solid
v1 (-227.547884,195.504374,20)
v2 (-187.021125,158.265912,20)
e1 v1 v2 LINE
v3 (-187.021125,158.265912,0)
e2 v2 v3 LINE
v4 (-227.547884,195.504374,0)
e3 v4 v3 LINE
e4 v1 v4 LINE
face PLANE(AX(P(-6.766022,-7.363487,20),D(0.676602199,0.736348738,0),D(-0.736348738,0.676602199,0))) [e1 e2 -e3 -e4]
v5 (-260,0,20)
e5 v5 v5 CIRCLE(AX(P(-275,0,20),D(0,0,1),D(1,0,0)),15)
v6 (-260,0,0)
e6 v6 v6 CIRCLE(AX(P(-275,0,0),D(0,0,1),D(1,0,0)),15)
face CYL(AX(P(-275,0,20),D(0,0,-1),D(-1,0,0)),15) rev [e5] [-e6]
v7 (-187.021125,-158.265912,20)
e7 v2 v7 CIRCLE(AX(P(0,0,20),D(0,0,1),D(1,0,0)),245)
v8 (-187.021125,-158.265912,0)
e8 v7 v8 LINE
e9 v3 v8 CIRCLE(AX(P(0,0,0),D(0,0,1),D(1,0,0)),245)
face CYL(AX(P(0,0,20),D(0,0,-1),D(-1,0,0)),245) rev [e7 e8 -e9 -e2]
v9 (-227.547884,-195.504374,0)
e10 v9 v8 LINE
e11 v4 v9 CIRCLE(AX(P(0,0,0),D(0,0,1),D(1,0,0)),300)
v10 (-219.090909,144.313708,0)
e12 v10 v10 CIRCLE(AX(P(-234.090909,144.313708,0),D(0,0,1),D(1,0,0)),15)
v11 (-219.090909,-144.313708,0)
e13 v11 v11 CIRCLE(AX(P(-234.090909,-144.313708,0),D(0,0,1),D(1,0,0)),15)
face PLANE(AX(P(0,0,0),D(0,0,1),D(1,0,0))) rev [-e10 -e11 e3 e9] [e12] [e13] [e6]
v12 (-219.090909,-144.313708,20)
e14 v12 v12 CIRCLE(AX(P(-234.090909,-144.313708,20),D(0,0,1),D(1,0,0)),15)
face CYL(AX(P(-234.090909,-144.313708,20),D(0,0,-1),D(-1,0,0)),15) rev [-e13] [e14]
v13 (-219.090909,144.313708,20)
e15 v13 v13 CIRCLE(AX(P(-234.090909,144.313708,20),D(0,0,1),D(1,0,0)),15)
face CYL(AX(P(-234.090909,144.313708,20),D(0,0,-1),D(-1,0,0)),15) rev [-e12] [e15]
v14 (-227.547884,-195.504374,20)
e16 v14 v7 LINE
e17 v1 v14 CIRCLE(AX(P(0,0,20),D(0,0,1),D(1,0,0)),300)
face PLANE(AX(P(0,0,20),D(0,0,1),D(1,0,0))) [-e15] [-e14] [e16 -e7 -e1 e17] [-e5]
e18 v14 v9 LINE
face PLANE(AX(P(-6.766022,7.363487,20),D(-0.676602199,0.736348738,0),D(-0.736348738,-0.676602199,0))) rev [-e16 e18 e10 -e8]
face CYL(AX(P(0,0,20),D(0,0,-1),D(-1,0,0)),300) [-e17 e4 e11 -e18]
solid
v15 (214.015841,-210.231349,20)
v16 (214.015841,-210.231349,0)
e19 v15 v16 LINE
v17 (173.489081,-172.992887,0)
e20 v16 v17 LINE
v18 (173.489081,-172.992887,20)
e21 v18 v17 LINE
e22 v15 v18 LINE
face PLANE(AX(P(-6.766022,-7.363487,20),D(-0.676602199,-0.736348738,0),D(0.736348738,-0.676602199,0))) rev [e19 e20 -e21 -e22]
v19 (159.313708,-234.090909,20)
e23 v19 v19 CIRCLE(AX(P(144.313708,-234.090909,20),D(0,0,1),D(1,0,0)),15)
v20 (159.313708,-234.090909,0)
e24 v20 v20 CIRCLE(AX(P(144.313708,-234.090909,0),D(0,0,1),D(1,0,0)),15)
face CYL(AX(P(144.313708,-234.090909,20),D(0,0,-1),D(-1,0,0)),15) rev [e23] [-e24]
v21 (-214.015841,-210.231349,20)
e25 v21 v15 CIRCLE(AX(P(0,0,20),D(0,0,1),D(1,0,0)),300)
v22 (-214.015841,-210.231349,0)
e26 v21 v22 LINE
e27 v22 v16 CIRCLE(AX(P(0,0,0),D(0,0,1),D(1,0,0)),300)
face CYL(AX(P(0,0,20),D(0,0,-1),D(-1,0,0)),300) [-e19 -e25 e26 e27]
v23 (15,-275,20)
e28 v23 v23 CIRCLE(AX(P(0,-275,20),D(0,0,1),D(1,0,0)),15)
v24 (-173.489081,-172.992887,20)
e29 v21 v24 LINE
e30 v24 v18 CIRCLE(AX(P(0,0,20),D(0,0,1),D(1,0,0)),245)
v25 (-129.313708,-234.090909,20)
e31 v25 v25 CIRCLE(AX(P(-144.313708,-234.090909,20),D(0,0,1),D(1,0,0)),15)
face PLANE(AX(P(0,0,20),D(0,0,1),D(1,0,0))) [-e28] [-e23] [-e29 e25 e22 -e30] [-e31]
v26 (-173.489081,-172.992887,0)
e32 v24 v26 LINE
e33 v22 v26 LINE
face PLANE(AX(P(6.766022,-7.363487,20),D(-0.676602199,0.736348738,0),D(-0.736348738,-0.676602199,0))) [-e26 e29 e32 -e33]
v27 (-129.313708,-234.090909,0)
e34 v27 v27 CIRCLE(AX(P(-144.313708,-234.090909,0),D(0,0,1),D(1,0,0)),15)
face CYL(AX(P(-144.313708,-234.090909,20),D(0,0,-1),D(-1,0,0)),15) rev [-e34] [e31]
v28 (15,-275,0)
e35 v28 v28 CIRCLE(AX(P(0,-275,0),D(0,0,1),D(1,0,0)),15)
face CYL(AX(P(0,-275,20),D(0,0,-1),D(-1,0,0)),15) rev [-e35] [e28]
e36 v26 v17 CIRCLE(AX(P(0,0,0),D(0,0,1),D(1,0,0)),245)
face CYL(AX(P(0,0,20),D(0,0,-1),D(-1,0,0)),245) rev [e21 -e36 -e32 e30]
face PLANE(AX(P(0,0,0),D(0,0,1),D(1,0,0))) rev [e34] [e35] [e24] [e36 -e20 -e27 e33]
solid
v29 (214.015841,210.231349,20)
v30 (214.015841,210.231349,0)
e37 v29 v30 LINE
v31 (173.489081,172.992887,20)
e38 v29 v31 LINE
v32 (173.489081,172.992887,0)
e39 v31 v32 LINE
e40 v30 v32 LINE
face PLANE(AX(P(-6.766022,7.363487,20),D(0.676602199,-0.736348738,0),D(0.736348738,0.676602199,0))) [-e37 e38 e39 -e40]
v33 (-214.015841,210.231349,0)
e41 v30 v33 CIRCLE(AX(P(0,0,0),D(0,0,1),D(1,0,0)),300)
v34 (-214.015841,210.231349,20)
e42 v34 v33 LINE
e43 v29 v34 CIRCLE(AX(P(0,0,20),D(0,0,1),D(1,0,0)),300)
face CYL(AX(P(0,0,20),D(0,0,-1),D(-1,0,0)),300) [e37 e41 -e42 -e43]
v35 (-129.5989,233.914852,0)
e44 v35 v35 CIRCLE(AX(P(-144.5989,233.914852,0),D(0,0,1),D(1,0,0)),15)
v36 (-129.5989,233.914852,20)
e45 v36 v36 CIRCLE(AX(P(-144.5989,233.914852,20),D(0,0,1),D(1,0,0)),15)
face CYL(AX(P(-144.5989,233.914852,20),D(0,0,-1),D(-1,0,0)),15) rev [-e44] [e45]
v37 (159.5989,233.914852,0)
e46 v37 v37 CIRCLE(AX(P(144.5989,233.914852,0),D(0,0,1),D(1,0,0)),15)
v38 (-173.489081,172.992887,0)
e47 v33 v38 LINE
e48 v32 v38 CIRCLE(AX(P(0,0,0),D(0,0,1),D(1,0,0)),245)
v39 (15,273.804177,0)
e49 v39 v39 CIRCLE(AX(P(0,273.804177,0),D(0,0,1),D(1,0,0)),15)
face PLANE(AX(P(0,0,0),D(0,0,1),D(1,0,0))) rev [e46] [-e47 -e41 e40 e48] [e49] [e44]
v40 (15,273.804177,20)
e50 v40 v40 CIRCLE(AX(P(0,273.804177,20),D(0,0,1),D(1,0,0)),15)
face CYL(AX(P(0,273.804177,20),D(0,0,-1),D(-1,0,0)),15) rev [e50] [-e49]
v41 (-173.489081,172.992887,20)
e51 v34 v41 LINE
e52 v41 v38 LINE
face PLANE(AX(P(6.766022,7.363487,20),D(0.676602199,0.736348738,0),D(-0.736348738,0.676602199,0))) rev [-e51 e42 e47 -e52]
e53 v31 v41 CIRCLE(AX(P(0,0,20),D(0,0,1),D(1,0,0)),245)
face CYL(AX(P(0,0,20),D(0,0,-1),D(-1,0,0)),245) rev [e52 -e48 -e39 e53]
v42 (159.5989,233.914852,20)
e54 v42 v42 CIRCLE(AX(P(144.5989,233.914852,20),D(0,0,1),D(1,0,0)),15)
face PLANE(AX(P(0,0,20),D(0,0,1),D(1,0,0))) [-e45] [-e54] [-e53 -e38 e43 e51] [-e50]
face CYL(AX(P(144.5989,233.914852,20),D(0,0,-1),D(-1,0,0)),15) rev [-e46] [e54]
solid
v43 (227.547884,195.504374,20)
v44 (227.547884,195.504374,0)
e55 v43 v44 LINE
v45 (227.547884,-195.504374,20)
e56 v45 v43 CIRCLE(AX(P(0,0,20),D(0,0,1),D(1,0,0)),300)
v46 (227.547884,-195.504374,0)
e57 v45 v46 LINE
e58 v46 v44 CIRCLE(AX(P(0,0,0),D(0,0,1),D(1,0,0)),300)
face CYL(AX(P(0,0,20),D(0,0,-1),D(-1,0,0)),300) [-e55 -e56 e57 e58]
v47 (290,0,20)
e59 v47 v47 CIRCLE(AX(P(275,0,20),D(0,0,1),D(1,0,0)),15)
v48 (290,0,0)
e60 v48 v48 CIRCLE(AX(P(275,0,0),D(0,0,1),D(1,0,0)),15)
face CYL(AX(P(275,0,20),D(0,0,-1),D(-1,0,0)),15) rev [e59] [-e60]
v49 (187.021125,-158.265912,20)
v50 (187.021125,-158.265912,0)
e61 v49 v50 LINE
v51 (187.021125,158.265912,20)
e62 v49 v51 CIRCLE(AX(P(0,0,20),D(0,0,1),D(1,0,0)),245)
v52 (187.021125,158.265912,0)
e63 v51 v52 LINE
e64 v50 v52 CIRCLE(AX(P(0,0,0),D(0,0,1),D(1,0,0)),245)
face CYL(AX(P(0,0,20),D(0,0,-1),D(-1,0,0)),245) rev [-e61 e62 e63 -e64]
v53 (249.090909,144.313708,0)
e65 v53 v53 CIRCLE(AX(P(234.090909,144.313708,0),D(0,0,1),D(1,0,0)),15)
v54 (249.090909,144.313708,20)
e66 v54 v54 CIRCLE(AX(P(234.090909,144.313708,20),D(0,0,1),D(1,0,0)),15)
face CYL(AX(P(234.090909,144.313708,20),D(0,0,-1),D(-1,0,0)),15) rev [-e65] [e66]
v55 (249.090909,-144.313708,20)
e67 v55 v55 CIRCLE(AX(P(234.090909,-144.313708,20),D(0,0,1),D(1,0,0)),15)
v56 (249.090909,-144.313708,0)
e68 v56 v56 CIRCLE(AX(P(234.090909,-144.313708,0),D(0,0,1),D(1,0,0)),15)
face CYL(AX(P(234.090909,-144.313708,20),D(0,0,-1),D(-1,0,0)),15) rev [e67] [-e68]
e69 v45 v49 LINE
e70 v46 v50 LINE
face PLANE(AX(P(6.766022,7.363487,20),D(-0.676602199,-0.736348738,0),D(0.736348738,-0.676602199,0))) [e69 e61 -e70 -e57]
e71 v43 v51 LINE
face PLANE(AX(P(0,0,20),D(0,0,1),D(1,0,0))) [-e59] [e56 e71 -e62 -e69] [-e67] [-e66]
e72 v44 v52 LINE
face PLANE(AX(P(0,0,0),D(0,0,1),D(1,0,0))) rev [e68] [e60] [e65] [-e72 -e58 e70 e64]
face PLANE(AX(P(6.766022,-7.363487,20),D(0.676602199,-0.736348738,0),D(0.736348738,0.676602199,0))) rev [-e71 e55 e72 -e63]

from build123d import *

# Parameters (mm, degrees)
IZIM1_R                       = 15
Y_KSEKLIK_EKSTR_ZYON1_DEPTH   = 20
Y_KSEKLIK_EKSTR_ZYON1_2_DEPTH = 20
Y_KSEKLIK_EKSTR_ZYON1_3_DEPTH = 20
Y_KSEKLIK_EKSTR_ZYON1_4_DEPTH = 20


with BuildPart() as part:
    # Çizim1 → Yükseklik-Ekstrüzyon1 (new body)
    with BuildSketch(Plane.XY):
        with BuildLine():
            Line((-187.021124904, 158.265911805), (-227.547884488, 195.504374031))
            ThreePointArc((-227.547884488, 195.504374031), (-300, 0), (-227.547884488, -195.504374031))
            Line((-227.547884488, -195.504374031), (-187.021124904, -158.265911805))
            ThreePointArc((-187.021124904, -158.265911805), (-245, 0), (-187.021124904, 158.265911805))
        make_face()
        with Locations((-234.090909091, -144.313707876)):
            Circle(IZIM1_R, mode=Mode.SUBTRACT)
        with Locations((-275, 0)):
            Circle(IZIM1_R, mode=Mode.SUBTRACT)
        with Locations((-234.090909091, 144.313707876)):
            Circle(IZIM1_R, mode=Mode.SUBTRACT)
    extrude(amount=Y_KSEKLIK_EKSTR_ZYON1_DEPTH)


with BuildPart() as body_2:
    # Çizim1 → Y_kseklik-Ekstr_zyon1 2 (new body)
    with BuildSketch(Plane.XY):
        with BuildLine():
            ThreePointArc((214.015840502, 210.23134879), (0, 300), (-214.015840502, 210.23134879))
            Line((-214.015840502, 210.23134879), (-173.489080919, 172.992886565))
            ThreePointArc((-173.489080919, 172.992886565), (0, 245), (173.489080919, 172.992886565))
            Line((173.489080919, 172.992886565), (214.015840502, 210.23134879))
        make_face()
        with Locations((-144.598899786, 233.914852416)):
            Circle(IZIM1_R, mode=Mode.SUBTRACT)
        with Locations((0, 273.804176558)):
            Circle(IZIM1_R, mode=Mode.SUBTRACT)
        with Locations((144.598899786, 233.914852416)):
            Circle(IZIM1_R, mode=Mode.SUBTRACT)
    extrude(amount=Y_KSEKLIK_EKSTR_ZYON1_2_DEPTH)


with BuildPart() as body_3:
    # Çizim1 → Y_kseklik-Ekstr_zyon1 3 (new body)
    with BuildSketch(Plane.XY):
        with BuildLine():
            ThreePointArc((227.547884488, -195.504374031), (300, 0), (227.547884488, 195.504374031))
            Line((227.547884488, 195.504374031), (187.021124904, 158.265911805))
            ThreePointArc((187.021124904, 158.265911805), (245, 0), (187.021124904, -158.265911805))
            Line((187.021124904, -158.265911805), (227.547884488, -195.504374031))
        make_face()
        with Locations((234.090909091, -144.313707876)):
            Circle(IZIM1_R, mode=Mode.SUBTRACT)
        with Locations((275, 0)):
            Circle(IZIM1_R, mode=Mode.SUBTRACT)
        with Locations((234.090909091, 144.313707876)):
            Circle(IZIM1_R, mode=Mode.SUBTRACT)
    extrude(amount=Y_KSEKLIK_EKSTR_ZYON1_3_DEPTH)


with BuildPart() as body_4:
    # Çizim1 → Y_kseklik-Ekstr_zyon1 4 (new body)
    with BuildSketch(Plane.XY):
        with BuildLine():
            ThreePointArc((-214.015840502, -210.23134879), (0, -300), (214.015840502, -210.23134879))
            Line((214.015840502, -210.23134879), (173.489080919, -172.992886565))
            ThreePointArc((173.489080919, -172.992886565), (0, -245), (-173.489080919, -172.992886565))
            Line((-173.489080919, -172.992886565), (-214.015840502, -210.23134879))
        make_face()
        with Locations((-144.313707876, -234.090909091)):
            Circle(IZIM1_R, mode=Mode.SUBTRACT)
        with Locations((0, -275)):
            Circle(IZIM1_R, mode=Mode.SUBTRACT)
        with Locations((144.313707876, -234.090909091)):
            Circle(IZIM1_R, mode=Mode.SUBTRACT)
    extrude(amount=Y_KSEKLIK_EKSTR_ZYON1_4_DEPTH)


solid = Compound([part.part, body_2.part, body_3.part, body_4.part])
